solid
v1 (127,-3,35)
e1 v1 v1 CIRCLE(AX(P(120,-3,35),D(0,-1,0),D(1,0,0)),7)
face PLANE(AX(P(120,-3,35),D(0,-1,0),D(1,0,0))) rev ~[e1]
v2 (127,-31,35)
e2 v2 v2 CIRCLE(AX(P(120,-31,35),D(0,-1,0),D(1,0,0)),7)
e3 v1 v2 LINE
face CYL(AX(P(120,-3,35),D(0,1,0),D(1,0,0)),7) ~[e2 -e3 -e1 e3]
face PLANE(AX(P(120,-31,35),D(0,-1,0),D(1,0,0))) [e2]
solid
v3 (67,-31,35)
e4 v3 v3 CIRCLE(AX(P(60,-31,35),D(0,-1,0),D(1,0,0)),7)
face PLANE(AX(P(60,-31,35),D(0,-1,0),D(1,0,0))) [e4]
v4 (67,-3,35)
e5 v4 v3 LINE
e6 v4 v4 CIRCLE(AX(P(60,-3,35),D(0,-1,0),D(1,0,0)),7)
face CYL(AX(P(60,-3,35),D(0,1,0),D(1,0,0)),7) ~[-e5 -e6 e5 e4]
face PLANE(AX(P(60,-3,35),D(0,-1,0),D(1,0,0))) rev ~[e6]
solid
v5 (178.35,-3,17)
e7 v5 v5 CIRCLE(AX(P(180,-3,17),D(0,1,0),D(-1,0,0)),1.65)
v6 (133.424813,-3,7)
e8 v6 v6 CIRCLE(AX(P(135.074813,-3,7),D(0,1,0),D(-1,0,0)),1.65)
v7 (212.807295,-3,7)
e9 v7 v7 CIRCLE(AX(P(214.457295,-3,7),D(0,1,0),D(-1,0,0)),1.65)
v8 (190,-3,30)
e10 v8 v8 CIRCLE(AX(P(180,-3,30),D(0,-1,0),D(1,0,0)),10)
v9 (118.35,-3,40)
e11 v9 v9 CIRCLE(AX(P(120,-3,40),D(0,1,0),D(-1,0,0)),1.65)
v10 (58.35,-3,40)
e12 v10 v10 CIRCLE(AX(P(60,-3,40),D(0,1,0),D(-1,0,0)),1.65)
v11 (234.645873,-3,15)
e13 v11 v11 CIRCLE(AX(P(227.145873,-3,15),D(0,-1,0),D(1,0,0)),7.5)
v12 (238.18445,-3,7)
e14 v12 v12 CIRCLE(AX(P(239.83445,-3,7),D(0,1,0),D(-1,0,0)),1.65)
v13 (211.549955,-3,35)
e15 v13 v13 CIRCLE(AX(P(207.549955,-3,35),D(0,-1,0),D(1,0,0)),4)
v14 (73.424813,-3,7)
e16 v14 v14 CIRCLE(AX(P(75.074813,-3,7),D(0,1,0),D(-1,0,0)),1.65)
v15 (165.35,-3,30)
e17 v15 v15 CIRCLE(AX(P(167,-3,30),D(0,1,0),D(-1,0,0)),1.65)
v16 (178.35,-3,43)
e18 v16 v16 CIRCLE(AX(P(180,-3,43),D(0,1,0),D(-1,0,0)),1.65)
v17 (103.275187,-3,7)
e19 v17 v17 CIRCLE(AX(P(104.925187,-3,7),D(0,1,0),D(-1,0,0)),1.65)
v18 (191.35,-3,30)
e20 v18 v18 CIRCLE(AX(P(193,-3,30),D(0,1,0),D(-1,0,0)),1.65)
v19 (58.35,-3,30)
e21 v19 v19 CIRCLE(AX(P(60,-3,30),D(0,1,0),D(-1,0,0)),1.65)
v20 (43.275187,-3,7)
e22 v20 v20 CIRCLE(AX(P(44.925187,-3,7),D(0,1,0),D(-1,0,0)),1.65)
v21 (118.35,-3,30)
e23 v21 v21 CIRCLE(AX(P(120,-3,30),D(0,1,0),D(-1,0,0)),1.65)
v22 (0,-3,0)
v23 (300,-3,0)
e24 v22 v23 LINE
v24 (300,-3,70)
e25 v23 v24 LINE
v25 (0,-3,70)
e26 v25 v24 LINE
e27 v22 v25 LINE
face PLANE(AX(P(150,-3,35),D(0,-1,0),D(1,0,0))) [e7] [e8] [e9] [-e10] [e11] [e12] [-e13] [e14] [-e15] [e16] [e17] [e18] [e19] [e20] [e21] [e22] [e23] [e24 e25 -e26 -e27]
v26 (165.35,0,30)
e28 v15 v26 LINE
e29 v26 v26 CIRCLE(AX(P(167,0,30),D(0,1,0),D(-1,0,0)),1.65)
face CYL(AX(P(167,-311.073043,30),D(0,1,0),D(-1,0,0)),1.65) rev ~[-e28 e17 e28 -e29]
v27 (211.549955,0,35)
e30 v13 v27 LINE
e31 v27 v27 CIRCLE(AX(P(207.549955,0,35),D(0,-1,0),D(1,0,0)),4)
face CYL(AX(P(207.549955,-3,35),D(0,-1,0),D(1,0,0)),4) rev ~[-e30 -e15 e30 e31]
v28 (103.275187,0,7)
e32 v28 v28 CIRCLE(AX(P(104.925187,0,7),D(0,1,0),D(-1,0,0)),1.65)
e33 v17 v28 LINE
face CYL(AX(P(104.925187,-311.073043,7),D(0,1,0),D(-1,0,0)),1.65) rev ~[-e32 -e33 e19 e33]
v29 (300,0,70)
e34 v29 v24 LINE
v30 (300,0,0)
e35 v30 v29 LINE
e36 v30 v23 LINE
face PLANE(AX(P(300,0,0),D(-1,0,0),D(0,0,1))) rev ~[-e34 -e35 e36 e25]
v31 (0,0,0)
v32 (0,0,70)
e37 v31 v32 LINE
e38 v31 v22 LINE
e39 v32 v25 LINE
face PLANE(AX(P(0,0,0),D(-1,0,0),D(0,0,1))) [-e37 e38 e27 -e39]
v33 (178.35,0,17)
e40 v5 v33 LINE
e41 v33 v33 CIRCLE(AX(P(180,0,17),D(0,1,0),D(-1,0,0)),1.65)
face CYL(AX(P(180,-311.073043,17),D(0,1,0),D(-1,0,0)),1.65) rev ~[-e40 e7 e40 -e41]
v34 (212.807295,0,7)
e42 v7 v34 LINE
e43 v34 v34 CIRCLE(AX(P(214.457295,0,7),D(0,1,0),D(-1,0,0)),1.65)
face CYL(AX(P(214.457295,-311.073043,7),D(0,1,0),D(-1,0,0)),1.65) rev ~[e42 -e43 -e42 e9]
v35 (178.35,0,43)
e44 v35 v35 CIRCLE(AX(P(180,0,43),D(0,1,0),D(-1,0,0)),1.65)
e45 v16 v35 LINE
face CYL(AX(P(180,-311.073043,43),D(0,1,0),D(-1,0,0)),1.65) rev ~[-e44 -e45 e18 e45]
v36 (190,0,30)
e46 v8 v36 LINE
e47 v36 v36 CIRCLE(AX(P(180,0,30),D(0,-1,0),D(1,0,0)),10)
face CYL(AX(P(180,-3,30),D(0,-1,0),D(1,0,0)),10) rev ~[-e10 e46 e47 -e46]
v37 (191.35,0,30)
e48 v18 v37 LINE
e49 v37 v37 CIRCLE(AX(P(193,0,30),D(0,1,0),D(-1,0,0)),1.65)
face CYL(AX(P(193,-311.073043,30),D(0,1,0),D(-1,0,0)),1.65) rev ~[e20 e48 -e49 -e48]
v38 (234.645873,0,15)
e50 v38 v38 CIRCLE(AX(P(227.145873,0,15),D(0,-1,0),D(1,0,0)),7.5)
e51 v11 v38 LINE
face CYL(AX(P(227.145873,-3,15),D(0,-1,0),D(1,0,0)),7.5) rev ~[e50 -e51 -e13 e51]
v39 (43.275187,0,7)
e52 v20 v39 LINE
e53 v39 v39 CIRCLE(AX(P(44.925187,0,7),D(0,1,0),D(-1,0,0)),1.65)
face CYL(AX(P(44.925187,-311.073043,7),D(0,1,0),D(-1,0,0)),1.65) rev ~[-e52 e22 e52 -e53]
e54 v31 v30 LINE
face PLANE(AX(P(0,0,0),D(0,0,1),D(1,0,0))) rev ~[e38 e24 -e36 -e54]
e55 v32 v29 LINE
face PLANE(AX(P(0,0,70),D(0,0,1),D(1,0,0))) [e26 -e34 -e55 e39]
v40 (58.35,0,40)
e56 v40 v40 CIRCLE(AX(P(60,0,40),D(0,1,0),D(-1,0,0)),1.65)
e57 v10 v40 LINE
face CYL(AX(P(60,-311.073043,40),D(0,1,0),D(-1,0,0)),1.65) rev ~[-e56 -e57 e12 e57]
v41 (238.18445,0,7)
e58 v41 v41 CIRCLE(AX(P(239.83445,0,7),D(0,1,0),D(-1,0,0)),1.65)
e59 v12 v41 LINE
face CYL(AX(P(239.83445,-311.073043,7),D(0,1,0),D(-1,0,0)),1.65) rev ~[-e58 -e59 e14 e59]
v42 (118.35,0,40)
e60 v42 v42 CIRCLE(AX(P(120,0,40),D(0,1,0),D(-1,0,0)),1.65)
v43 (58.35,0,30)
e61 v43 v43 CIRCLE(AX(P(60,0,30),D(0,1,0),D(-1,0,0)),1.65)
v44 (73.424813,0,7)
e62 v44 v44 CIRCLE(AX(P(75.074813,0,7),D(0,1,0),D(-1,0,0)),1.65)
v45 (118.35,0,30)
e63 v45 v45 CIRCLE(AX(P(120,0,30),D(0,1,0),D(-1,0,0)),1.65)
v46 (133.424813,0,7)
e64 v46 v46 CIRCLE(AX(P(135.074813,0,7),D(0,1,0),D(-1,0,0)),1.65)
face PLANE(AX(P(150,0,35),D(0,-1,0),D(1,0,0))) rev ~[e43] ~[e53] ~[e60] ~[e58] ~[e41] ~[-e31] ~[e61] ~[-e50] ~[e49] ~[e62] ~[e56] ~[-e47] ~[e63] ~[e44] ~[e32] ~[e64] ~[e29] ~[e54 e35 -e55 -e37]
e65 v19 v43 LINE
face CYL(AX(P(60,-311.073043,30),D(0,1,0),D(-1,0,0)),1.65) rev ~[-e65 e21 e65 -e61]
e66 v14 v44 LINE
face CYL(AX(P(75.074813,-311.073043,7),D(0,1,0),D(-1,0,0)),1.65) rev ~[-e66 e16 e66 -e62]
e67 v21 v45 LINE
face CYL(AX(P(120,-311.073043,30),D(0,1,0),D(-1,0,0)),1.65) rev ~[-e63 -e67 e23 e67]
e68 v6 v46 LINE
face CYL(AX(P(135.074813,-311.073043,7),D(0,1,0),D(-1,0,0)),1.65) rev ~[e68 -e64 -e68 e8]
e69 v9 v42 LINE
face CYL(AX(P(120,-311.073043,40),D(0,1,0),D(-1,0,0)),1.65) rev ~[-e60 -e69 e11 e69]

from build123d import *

# Parameters (mm, degrees)
F0_W      = 300
F0_H      = 70
F1_DEPTH  = 3
F3_D      = 3.3
F4_R      = 7
F4_R_2    = 1.65
F5_DEPTH  = 28
F7_D      = 3.3
F8_R      = 10
F9_DEPTH  = 3.001
F10_R     = 4
F10_R_2   = 7.5
F11_DEPTH = 3.001
F13_D     = 3.3


with BuildPart() as f1:
    # F0 (on Front) → F1 (new body)
    with BuildSketch(Plane.XZ):
        with Locations((150, 35)):
            Rectangle(F0_W, F0_H)
    extrude(amount=F1_DEPTH)

    # F3 (through all)
    with Locations(Plane.XZ.offset(3)):
        with Locations((60, 40), (60, 30), (120, 40), (120, 30)):
            Hole(F3_D / 2)

    # F7 (through all)
    with Locations(Plane.XZ.offset(3)):
        with Locations((167, 30), (180, 43), (193, 30), (180, 17)):
            Hole(F7_D / 2)

    # F8 (on face) → F9 (cut, through all)
    with BuildSketch(Plane.XZ.offset(3)):
        with Locations((180, 30)):
            Circle(F8_R)
    extrude(amount=-F9_DEPTH, mode=Mode.SUBTRACT)

    # F10 (on face) → F11 (cut, through all)
    with BuildSketch(Plane.XZ.offset(3)):
        with Locations((207.5499546279, 35)):
            Circle(F10_R)
        with Locations((227.1458725702, 15)):
            Circle(F10_R_2)
    extrude(amount=-F11_DEPTH, mode=Mode.SUBTRACT)

    # F13 (through all)
    with Locations(Plane.XZ.offset(3)):
        with Locations((44.9251865683, 7), (75.0748134317, 7), (104.9251865683, 7), (135.0748134317, 7), (214.4572950297, 7), (239.8344501106, 7)):
            Hole(F13_D / 2)


with BuildPart() as f5:
    # F4 (on face) → F5 (new body)
    with BuildSketch(Plane.XZ.offset(3)):
        with Locations((60, 35)):
            Circle(F4_R)
        with Locations((60, 30)):
            Circle(F4_R_2, mode=Mode.SUBTRACT)
        with Locations((60, 40)):
            Circle(F4_R_2, mode=Mode.SUBTRACT)
        with Locations((60, 40)):
            Circle(F4_R_2)
        with Locations((60, 30)):
            Circle(F4_R_2)
    extrude(amount=F5_DEPTH)


with BuildPart() as f5b:
    # F4 (on face) → F5, piece 2 (new body)
    with BuildSketch(Plane.XZ.offset(3)):
        with Locations((120, 35)):
            Circle(F4_R)
        with Locations((120, 30)):
            Circle(F4_R_2, mode=Mode.SUBTRACT)
        with Locations((120, 40)):
            Circle(F4_R_2, mode=Mode.SUBTRACT)
        with Locations((120, 40)):
            Circle(F4_R_2)
        with Locations((120, 30)):
            Circle(F4_R_2)
    extrude(amount=F5_DEPTH)


solid = Compound([f1.part, f5.part, f5b.part])
